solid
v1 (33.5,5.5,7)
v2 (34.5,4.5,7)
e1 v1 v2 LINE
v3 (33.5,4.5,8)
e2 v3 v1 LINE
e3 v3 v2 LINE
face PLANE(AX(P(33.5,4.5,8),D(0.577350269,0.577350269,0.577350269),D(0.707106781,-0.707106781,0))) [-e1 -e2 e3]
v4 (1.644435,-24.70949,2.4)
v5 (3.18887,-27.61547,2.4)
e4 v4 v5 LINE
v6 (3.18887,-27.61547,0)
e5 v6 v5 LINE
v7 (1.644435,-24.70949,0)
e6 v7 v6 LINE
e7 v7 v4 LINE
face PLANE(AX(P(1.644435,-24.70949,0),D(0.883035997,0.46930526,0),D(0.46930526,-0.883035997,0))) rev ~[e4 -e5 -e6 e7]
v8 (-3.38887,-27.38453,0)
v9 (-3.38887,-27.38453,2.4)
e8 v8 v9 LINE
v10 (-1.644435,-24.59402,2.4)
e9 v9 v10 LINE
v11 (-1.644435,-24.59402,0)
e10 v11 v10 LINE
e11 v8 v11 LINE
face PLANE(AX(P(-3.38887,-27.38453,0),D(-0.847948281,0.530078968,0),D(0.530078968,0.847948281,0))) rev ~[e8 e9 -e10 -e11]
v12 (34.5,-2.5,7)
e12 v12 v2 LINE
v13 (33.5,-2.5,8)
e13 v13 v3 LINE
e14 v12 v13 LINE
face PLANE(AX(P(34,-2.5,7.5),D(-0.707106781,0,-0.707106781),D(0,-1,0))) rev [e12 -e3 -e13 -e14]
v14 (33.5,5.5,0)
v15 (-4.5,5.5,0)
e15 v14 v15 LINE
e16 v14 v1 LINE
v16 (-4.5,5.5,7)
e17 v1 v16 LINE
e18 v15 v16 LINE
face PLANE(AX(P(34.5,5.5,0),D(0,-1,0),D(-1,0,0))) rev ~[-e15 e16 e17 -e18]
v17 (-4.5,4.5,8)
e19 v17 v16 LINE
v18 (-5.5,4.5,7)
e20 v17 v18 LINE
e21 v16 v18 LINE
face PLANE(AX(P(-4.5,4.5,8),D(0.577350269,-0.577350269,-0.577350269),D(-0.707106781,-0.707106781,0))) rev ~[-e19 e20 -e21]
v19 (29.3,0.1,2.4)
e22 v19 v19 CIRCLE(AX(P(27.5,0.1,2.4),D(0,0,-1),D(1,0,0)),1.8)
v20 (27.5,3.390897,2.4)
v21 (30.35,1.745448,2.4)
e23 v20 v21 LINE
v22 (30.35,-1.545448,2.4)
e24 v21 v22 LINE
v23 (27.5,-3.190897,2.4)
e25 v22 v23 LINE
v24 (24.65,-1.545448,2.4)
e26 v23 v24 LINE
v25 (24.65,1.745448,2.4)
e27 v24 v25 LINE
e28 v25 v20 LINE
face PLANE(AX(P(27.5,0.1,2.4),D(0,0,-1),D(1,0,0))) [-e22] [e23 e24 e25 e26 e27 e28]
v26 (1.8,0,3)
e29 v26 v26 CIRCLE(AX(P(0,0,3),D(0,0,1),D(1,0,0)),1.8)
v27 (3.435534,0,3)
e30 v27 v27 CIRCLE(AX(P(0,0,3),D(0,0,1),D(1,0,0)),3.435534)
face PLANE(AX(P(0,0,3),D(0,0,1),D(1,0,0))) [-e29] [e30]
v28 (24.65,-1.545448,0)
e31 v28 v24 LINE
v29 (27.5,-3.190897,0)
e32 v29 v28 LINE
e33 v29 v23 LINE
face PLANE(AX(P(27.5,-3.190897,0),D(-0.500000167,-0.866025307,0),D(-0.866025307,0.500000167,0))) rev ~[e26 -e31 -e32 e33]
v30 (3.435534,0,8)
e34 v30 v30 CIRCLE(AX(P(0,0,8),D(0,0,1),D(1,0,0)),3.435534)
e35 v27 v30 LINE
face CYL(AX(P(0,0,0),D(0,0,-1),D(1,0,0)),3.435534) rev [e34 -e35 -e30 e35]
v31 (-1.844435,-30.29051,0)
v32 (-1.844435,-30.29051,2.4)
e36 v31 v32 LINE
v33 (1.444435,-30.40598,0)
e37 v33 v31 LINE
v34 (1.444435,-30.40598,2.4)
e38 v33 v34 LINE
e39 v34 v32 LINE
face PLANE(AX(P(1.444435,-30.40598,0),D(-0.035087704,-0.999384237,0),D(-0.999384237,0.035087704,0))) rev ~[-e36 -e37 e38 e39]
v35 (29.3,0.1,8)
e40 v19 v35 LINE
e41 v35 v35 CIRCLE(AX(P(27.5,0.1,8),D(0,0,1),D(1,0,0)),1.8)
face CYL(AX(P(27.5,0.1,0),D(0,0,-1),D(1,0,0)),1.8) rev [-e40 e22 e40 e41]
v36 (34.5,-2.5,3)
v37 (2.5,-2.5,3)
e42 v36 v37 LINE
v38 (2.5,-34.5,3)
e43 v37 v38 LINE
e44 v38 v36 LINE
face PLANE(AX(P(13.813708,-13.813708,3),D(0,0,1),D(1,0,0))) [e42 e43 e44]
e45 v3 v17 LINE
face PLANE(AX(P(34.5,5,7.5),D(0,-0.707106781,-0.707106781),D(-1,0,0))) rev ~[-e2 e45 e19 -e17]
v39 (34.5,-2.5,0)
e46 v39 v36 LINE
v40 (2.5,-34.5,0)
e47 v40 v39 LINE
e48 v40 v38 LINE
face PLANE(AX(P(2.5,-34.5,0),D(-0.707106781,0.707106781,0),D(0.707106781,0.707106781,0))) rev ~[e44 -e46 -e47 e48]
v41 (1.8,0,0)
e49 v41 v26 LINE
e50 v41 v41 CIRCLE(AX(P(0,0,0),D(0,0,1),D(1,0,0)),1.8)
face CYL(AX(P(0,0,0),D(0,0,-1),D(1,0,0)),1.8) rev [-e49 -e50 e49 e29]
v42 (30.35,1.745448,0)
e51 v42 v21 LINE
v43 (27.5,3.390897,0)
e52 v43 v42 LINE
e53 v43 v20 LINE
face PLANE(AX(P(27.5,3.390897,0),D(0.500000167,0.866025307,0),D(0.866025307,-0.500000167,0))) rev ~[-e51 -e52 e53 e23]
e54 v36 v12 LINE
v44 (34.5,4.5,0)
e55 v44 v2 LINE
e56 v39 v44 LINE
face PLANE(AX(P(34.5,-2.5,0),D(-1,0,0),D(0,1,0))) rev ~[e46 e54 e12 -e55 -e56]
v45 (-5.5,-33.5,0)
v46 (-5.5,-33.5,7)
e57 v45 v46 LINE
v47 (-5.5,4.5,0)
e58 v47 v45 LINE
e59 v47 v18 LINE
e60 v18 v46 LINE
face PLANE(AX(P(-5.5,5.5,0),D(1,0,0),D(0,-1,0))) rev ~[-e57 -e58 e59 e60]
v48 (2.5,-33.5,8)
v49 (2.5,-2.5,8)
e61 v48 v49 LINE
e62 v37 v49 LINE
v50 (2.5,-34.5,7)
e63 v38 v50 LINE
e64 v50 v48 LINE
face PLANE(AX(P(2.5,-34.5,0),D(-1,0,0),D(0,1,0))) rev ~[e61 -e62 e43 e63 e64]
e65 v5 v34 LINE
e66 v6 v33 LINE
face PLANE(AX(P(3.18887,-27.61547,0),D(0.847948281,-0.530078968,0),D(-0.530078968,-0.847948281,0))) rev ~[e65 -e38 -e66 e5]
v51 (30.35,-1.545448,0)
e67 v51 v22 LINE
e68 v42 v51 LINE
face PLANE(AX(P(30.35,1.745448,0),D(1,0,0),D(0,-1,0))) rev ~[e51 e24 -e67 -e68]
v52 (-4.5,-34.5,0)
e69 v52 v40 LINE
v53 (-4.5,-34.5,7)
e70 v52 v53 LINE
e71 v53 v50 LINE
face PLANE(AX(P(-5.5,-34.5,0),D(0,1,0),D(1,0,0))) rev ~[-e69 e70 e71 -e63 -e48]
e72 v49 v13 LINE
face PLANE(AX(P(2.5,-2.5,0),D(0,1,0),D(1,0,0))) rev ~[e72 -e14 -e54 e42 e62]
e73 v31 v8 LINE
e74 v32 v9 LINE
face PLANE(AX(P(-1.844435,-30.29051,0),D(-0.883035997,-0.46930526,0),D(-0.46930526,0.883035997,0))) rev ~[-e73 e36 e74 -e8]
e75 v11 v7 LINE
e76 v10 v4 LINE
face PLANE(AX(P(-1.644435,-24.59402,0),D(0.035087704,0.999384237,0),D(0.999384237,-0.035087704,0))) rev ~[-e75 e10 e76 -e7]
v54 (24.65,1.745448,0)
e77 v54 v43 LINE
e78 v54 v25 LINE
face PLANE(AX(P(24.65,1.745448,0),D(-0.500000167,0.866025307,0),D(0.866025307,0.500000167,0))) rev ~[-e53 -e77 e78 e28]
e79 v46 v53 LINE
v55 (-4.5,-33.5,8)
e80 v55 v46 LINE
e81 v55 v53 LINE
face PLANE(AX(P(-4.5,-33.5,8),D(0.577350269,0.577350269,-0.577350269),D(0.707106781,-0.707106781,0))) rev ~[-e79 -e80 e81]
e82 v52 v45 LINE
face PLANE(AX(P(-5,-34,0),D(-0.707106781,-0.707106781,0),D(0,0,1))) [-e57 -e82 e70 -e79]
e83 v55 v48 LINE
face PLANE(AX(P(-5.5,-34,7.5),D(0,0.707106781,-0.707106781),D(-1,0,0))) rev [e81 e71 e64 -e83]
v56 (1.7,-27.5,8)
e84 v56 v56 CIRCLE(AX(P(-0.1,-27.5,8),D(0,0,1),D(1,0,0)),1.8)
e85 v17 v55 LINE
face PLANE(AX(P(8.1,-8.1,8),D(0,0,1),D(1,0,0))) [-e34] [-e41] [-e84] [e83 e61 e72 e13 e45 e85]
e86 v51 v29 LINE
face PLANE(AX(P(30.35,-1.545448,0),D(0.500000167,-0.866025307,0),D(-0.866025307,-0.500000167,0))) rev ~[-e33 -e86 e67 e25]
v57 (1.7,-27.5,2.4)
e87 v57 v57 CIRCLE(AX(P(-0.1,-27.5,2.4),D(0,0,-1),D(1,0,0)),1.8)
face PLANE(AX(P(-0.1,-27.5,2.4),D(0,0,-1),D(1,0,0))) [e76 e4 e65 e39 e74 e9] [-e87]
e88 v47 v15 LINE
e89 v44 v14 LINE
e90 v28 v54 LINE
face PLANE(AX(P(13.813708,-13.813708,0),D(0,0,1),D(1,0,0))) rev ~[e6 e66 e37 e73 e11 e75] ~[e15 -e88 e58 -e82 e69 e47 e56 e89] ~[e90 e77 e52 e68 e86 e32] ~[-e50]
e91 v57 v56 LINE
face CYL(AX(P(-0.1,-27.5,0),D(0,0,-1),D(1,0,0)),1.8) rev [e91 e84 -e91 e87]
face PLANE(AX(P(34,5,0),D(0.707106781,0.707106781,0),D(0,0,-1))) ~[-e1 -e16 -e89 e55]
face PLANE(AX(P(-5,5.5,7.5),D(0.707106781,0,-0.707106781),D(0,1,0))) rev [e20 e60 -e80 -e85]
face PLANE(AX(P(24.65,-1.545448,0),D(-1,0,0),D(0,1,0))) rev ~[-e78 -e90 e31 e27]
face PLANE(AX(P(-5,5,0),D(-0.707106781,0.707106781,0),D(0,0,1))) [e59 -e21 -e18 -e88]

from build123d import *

# Parameters (mm, degrees)
F0_R     = 1.8
F0_R_2   = 3.435534
F1_DEPTH = 8
F2_DEPTH = 3
F3_R     = 1.8
F4_DEPTH = 2.4
F5_SIZE  = 1


with BuildPart() as f1:
    # F0 (on Top) → F1 (new body)
    with BuildSketch(Plane.XY):
        Polygon((34.5, 5.5), (-5.5, 5.5), (-5.5, -34.5), (2.5, -34.5), (2.5, -2.5), (34.5, -2.5), align=None)
        with Locations((-0.1, -27.5)):
            Circle(F0_R, mode=Mode.SUBTRACT)
        Circle(F0_R_2, mode=Mode.SUBTRACT)
        with Locations((27.5, 0.1)):
            Circle(F0_R, mode=Mode.SUBTRACT)
    extrude(amount=F1_DEPTH)

    # F0 (on Top) → F2 (join)
    with BuildSketch(Plane.XY):
        Polygon((2.5, -34.5), (34.5, -2.5), (2.5, -2.5), align=None)
        Circle(F0_R_2)
        Circle(F0_R, mode=Mode.SUBTRACT)
    extrude(amount=F2_DEPTH)

    # F3 (on face) → F4 (cut)
    with BuildSketch(Plane(origin=(0, 0, 0), x_dir=(1, 0, 0), z_dir=(0, 0, -1))):
        Polygon((-1.644435, 24.59402), (1.644435, 24.70949), (3.18887, 27.61547), (1.444435, 30.40598), (-1.844435, 30.29051), (-3.38887, 27.38453), align=None)
        with Locations((-0.1, 27.5)):
            Circle(F3_R, mode=Mode.SUBTRACT)
        Polygon((24.65, 1.545448), (24.65, -1.745448), (27.5, -3.390897), (30.35, -1.745448), (30.35, 1.545448), (27.5, 3.190897), align=None)
        with Locations((27.5, -0.1)):
            Circle(F3_R, mode=Mode.SUBTRACT)
    extrude(amount=-F4_DEPTH, mode=Mode.SUBTRACT)

    # F5
    f5_edges = [f1.edges().sort_by_distance(p)[0] for p in [
        (-5.5, 5.5, 4),
        (-5.5, -34.5, 4),
        (34.5, 5.5, 4),
        (14.5, 5.5, 8),
        (-5.5, -14.5, 8),
        (-1.5, -34.5, 8),
        (34.5, 1.5, 8),
    ]]
    chamfer(f5_edges, length=F5_SIZE)


solid = f1.part
